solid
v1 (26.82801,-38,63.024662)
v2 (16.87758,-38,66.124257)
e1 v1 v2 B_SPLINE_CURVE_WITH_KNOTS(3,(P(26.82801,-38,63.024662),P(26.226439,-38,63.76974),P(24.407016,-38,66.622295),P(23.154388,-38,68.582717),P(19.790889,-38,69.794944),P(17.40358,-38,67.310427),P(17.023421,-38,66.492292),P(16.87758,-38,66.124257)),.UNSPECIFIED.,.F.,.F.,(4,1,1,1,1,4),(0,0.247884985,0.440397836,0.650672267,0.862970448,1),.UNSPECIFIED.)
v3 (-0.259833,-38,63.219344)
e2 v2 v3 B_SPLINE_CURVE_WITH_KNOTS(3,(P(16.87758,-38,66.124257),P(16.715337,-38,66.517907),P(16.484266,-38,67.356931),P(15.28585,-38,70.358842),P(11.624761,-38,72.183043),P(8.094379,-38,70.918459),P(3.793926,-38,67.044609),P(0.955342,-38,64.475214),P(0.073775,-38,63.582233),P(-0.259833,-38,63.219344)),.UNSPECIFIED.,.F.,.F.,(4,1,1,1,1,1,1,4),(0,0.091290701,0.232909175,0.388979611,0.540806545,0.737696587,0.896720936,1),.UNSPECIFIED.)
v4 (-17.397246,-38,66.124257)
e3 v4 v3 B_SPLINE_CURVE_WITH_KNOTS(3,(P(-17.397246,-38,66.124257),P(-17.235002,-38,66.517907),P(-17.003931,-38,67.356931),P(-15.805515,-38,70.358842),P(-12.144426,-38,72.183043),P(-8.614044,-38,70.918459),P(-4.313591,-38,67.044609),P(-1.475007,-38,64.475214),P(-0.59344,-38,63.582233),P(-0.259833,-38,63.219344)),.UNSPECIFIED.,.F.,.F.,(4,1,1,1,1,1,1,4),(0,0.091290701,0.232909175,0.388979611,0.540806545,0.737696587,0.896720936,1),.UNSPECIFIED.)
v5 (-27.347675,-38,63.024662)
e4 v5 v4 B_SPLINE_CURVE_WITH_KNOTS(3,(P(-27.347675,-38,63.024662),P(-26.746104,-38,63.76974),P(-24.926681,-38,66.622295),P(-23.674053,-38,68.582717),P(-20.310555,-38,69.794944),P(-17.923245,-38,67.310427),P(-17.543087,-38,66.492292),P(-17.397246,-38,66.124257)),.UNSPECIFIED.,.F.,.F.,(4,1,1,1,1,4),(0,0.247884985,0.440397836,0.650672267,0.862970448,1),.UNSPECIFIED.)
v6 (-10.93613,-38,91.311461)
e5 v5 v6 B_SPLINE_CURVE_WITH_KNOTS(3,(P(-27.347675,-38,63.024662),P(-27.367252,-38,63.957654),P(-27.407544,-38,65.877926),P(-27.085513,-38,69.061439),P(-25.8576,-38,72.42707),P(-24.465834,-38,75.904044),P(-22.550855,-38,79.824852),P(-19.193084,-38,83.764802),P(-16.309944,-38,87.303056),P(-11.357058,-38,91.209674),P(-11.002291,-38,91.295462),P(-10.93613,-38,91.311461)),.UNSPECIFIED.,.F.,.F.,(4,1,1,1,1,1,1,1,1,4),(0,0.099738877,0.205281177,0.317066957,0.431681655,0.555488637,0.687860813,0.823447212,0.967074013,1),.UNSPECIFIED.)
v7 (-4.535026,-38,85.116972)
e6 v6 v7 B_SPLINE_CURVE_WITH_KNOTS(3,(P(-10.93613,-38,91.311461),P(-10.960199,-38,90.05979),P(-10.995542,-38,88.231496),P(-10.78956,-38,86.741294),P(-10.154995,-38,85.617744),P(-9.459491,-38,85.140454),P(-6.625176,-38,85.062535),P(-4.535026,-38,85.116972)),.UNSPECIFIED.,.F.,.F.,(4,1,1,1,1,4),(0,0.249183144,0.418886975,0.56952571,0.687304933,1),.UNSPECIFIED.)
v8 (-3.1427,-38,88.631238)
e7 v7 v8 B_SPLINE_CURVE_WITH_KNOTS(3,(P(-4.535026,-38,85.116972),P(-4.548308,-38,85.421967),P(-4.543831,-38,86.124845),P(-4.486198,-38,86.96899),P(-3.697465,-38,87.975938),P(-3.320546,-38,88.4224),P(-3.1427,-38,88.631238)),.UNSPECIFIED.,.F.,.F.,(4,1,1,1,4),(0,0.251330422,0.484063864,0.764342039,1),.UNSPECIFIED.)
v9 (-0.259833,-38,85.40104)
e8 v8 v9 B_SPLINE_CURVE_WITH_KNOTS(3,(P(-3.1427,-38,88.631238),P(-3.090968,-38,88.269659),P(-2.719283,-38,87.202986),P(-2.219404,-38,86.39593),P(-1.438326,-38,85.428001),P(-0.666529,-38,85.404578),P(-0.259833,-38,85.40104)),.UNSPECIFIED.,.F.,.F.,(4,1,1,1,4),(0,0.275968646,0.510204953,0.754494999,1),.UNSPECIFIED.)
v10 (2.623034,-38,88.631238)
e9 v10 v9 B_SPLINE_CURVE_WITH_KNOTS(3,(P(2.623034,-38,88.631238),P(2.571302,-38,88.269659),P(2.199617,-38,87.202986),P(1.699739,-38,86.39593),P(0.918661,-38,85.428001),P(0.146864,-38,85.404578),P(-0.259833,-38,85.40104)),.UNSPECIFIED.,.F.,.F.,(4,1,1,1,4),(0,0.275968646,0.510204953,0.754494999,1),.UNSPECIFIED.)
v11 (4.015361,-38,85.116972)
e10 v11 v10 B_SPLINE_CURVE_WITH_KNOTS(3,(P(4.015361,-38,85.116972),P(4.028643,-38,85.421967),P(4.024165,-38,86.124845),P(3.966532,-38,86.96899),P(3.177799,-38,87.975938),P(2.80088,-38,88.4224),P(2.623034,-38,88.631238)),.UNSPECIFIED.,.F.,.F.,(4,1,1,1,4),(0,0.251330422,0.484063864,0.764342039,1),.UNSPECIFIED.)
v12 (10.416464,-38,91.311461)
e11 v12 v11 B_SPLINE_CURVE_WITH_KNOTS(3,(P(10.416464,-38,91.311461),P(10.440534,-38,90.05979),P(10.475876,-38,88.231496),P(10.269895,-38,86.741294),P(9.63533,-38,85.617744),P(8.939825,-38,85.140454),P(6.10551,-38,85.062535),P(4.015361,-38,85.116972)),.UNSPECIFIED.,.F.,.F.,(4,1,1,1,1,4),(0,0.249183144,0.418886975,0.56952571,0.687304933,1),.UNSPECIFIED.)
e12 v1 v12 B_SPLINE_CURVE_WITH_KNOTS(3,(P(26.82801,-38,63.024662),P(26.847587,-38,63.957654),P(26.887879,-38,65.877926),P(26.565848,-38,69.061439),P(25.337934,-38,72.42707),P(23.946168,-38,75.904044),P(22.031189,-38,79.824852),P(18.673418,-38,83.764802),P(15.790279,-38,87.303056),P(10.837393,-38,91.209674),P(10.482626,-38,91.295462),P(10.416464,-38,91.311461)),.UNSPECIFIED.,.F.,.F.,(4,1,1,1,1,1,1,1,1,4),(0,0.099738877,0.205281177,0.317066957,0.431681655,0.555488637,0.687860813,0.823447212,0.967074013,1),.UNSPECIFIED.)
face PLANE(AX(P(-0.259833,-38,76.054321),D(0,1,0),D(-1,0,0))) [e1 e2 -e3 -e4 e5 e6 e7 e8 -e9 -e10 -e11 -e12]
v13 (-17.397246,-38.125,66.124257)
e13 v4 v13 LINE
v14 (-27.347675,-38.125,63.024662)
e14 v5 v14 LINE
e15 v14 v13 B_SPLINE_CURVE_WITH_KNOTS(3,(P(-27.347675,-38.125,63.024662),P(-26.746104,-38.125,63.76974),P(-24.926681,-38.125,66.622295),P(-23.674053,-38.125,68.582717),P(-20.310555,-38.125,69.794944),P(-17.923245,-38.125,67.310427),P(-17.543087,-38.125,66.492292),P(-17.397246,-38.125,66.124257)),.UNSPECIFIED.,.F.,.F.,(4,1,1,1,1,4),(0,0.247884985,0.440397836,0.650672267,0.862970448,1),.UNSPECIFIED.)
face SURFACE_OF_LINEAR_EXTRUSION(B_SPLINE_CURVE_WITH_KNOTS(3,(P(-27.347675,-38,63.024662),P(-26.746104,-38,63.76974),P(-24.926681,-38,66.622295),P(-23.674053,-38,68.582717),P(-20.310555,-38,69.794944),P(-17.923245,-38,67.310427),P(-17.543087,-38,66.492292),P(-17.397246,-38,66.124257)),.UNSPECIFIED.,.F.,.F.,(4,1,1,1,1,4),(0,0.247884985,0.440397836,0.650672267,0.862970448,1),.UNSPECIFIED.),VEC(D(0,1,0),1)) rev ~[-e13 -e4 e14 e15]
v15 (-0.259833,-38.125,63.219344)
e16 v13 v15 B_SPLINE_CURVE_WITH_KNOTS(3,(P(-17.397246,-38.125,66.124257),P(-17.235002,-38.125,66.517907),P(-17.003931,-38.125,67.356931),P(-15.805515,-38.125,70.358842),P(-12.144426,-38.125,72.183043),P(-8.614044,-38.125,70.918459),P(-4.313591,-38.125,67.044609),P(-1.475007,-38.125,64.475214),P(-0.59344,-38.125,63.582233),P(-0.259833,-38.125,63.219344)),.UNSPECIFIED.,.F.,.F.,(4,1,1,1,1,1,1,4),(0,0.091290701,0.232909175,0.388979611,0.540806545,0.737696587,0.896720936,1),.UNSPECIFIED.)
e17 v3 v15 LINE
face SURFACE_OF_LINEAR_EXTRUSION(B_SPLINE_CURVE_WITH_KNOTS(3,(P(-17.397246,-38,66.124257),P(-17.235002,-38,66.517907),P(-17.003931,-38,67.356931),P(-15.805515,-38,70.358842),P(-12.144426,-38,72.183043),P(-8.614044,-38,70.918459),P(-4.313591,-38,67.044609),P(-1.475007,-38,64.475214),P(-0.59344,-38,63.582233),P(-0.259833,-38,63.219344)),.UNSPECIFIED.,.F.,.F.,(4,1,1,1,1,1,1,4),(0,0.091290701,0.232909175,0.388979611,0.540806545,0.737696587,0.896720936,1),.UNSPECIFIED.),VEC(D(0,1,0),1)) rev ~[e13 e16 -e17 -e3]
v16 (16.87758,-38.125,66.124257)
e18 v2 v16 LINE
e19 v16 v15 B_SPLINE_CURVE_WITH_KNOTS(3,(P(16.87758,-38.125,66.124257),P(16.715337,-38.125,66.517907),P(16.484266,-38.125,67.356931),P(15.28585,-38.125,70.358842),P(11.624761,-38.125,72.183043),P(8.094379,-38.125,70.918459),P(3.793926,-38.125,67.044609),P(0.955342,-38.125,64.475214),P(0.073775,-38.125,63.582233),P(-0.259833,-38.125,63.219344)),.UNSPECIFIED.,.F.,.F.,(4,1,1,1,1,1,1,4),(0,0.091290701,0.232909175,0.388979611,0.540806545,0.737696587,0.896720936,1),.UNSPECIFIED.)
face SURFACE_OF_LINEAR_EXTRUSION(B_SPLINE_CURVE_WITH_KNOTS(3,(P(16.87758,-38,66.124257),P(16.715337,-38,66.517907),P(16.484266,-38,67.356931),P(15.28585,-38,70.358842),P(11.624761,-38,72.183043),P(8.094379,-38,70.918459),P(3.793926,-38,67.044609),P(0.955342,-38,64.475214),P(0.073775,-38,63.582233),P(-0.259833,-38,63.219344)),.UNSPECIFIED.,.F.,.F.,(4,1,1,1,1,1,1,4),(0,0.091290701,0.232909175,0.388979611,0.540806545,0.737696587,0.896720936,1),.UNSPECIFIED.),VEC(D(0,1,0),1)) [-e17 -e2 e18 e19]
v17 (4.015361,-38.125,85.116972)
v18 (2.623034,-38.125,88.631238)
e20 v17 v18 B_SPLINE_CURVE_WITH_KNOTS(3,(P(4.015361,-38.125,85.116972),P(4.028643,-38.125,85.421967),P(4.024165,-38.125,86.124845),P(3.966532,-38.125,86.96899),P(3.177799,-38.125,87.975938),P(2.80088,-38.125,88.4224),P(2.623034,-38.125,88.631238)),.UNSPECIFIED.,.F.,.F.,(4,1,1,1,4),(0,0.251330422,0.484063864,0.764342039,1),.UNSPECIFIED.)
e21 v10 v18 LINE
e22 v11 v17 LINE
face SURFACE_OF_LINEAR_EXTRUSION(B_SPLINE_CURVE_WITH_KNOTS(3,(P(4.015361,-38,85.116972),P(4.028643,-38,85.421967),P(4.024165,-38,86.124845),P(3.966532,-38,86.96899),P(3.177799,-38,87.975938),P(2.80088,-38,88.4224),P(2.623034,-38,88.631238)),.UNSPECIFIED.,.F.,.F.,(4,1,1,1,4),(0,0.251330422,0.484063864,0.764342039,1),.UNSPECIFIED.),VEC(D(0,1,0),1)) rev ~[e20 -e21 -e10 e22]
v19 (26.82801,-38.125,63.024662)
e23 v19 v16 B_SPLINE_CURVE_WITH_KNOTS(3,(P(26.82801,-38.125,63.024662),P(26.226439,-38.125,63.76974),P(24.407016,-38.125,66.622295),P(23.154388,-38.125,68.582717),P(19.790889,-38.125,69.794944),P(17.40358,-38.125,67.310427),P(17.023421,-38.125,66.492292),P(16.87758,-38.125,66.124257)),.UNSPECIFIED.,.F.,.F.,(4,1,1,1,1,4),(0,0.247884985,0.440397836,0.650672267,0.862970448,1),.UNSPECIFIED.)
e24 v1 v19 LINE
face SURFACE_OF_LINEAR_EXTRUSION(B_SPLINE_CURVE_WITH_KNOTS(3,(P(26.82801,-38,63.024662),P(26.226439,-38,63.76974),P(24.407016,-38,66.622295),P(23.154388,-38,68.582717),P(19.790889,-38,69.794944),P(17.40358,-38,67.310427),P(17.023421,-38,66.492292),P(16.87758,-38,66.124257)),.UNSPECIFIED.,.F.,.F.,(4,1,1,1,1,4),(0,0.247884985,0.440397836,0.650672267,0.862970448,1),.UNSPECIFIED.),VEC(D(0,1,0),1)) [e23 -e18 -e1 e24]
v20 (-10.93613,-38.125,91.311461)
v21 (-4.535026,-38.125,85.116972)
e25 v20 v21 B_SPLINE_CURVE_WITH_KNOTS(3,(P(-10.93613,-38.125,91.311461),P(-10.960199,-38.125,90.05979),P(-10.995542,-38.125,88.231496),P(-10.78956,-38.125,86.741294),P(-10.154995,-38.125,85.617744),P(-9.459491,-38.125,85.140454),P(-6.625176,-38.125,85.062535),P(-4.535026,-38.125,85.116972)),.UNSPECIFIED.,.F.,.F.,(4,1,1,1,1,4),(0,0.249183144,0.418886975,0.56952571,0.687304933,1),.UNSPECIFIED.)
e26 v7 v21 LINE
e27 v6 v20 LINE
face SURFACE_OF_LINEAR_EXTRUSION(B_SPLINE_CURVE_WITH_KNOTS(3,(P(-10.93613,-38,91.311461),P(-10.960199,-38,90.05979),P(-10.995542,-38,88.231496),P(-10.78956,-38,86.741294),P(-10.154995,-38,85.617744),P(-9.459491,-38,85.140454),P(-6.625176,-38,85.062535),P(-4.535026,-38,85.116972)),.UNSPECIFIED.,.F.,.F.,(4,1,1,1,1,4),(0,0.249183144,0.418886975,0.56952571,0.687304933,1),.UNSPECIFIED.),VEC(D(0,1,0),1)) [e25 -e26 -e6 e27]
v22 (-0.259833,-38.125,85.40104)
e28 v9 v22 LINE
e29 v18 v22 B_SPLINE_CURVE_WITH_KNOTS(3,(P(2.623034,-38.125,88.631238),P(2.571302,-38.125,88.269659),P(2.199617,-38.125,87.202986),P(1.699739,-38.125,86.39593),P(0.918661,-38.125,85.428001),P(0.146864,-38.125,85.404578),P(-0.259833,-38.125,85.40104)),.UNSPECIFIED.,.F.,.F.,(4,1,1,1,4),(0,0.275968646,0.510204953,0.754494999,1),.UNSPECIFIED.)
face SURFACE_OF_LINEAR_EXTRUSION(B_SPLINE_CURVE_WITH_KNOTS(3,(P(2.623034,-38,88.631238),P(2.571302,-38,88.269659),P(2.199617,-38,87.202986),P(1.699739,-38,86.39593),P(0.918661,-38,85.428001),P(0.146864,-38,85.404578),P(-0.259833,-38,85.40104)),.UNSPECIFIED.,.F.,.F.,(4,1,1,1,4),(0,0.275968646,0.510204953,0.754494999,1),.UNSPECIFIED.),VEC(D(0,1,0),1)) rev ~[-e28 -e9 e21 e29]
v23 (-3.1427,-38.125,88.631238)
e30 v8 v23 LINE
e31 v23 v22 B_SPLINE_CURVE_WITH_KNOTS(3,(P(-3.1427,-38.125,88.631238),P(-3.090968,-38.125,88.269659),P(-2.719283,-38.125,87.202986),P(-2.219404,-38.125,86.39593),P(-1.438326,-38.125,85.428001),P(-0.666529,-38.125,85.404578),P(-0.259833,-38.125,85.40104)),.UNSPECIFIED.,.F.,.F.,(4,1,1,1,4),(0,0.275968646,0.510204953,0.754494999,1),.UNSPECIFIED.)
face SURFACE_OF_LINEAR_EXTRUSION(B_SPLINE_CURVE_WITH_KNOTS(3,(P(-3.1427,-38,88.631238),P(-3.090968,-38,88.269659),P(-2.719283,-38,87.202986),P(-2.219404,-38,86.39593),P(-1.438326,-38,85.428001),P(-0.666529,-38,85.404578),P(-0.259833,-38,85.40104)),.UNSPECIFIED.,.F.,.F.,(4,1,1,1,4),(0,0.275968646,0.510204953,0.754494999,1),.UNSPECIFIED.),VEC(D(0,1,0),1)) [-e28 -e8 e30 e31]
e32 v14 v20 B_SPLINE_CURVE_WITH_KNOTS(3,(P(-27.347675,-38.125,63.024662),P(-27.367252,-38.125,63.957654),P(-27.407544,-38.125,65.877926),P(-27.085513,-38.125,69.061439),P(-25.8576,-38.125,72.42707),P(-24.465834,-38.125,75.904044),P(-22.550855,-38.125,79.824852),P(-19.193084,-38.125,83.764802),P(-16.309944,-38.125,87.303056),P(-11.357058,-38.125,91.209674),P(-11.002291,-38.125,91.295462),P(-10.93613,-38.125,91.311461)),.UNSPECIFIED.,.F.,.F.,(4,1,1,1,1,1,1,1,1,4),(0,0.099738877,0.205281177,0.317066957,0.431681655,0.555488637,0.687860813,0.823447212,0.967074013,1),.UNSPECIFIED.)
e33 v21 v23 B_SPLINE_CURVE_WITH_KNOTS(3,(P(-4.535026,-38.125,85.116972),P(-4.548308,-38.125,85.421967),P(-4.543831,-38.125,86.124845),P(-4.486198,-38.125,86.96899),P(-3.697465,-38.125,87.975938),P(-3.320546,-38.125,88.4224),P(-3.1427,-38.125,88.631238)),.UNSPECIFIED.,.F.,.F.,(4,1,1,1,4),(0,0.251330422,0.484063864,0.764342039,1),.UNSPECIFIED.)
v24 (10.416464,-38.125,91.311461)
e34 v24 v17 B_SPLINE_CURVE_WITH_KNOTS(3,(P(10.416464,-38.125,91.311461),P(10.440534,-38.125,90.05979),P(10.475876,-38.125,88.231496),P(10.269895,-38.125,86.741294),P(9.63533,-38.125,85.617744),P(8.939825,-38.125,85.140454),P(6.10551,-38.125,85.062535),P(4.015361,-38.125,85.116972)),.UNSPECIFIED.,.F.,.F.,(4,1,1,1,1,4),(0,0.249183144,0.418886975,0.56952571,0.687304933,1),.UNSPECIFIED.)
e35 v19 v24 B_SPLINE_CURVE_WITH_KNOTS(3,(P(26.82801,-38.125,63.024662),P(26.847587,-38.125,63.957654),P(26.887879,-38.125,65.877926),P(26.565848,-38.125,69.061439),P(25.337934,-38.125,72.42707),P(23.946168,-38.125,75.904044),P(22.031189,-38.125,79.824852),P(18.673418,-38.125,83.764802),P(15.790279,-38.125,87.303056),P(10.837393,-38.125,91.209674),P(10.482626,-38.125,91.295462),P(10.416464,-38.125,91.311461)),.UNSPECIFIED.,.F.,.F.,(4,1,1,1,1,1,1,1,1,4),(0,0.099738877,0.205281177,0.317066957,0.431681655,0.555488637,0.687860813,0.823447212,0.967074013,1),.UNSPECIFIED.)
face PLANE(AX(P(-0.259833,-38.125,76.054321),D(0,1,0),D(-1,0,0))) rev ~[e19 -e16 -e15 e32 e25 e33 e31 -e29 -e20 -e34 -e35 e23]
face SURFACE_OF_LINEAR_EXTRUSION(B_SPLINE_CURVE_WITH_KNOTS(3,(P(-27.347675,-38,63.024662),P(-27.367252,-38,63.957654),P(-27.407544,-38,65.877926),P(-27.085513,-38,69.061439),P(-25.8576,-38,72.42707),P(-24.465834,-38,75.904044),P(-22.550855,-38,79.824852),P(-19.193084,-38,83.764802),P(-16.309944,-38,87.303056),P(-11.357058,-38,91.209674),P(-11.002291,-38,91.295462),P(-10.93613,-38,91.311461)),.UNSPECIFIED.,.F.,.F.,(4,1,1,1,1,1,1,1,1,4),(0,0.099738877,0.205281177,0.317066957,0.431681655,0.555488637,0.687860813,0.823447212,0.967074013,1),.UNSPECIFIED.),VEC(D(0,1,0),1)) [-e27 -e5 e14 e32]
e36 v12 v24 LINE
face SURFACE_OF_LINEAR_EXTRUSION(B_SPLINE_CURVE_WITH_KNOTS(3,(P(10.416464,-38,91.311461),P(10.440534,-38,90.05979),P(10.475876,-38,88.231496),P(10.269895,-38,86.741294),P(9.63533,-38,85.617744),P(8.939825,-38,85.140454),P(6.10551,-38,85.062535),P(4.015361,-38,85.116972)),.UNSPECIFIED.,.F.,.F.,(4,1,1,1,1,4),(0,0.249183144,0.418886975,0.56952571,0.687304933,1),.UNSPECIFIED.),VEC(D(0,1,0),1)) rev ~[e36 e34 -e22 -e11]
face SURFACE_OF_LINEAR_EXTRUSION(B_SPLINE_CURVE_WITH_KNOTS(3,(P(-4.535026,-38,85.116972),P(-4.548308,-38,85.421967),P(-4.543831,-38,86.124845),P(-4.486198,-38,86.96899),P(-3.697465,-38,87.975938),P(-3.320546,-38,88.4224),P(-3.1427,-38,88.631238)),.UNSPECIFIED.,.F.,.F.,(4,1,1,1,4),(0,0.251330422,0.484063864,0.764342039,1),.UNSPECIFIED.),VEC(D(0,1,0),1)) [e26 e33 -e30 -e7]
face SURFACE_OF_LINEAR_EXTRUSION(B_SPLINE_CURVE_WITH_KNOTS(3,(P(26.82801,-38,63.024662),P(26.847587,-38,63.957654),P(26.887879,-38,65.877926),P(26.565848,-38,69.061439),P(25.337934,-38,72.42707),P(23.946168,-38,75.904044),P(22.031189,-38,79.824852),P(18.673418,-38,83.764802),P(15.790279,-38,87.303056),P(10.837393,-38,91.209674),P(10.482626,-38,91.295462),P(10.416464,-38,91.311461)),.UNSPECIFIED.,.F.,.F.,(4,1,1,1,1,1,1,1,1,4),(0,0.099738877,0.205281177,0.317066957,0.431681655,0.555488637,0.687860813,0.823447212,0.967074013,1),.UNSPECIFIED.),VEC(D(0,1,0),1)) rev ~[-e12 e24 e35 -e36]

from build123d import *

# Parameters (mm, degrees)
F2_DEPTH = 0.125


with BuildPart() as f2:
    # F1 (on offset) → F2 (new body)
    with BuildSketch(Plane.XZ.offset(38)):
        with BuildLine():
            add(Edge.make_bspline(
                [(-27.3476754247, 63.0246619321), (-27.3672520646, 63.9576542445), (-27.4075444341, 65.8779261226), (-27.0855132224, 69.0614393357), (-25.8575998649, 72.4270701251), (-24.4658338877, 75.9040444219), (-22.5508546968, 79.8248515279), (-19.193083781, 83.7648022123), (-16.3099442066, 87.3030562237), (-11.357058226, 91.209673657), (-11.0022914003, 91.2954621915), (-10.936129613, 91.311461215)],
                knots=[0, 0, 0, 0, 0.0997388767, 0.205281177, 0.3170669566, 0.4316816553, 0.5554886366, 0.687860813, 0.8234472119, 0.9670740126, 1, 1, 1, 1], degree=3))
            add(Edge.make_bspline(
                [(-27.3476754247, 63.0246619321), (-26.7461043356, 63.7697398475), (-24.9266814731, 66.6222945265), (-23.6740531483, 68.5827168609), (-20.3105548759, 69.7949443253), (-17.9232449602, 67.3104272411), (-17.5430867337, 66.4922923237), (-17.3972456203, 66.1242574452)],
                knots=[0, 0, 0, 0, 0.2478849849, 0.4403978356, 0.6506722668, 0.8629704481, 1, 1, 1, 1], degree=3))
            add(Edge.make_bspline(
                [(-17.3972456203, 66.1242574452), (-17.2350024136, 66.517906582), (-17.0039310916, 67.3569306359), (-15.8055151021, 70.3588419242), (-12.1444260413, 72.1830428426), (-8.6140442847, 70.9184594895), (-4.3135911477, 67.0446091747), (-1.4750071147, 64.475214366), (-0.5934401025, 63.5822325645), (-0.2598327037, 63.2193444188)],
                knots=[0, 0, 0, 0, 0.0912907011, 0.232909175, 0.3889796109, 0.5408065453, 0.7376965869, 0.8967209358, 1, 1, 1, 1], degree=3))
            add(Edge.make_bspline(
                [(16.8775802128, 66.1242574452), (16.7153370061, 66.517906582), (16.4842656842, 67.3569306359), (15.2858496947, 70.3588419242), (11.6247606339, 72.1830428426), (8.0943788773, 70.9184594895), (3.7939257402, 67.0446091747), (0.9553417072, 64.475214366), (0.073774695, 63.5822325645), (-0.2598327037, 63.2193444188)],
                knots=[0, 0, 0, 0, 0.0912907011, 0.232909175, 0.3889796109, 0.5408065453, 0.7376965869, 0.8967209358, 1, 1, 1, 1], degree=3))
            add(Edge.make_bspline(
                [(26.8280100172, 63.0246619321), (26.2264389281, 63.7697398475), (24.4070160656, 66.6222945265), (23.1543877408, 68.5827168609), (19.7908894684, 69.7949443253), (17.4035795527, 67.3104272411), (17.0234213262, 66.4922923237), (16.8775802128, 66.1242574452)],
                knots=[0, 0, 0, 0, 0.2478849849, 0.4403978356, 0.6506722668, 0.8629704481, 1, 1, 1, 1], degree=3))
            add(Edge.make_bspline(
                [(26.8280100172, 63.0246619321), (26.8475866571, 63.9576542445), (26.8878790266, 65.8779261226), (26.565847815, 69.0614393357), (25.3379344574, 72.4270701251), (23.9461684802, 75.9040444219), (22.0311892893, 79.8248515279), (18.6734183735, 83.7648022123), (15.7902787991, 87.3030562237), (10.8373928186, 91.209673657), (10.4826259929, 91.2954621915), (10.4164642055, 91.311461215)],
                knots=[0, 0, 0, 0, 0.0997388767, 0.205281177, 0.3170669566, 0.4316816553, 0.5554886366, 0.687860813, 0.8234472119, 0.9670740126, 1, 1, 1, 1], degree=3))
            add(Edge.make_bspline(
                [(10.4164642055, 91.311461215), (10.4405336164, 90.0597899527), (10.4758761161, 88.2314956633), (10.2698948197, 86.7412943545), (9.6353295808, 85.6177442654), (8.9398253308, 85.1404535683), (6.1055103752, 85.0625351899), (4.0153607385, 85.1169720806)],
                knots=[0, 0, 0, 0, 0.2491831435, 0.4188869753, 0.5695257095, 0.6873049334, 1, 1, 1, 1], degree=3))
            add(Edge.make_bspline(
                [(4.0153607385, 85.1169720806), (4.0286427583, 85.4219670124), (4.0241651373, 86.1248452433), (3.9665321835, 86.9689898545), (3.1777994484, 87.9759379856), (2.8008802274, 88.4223995815), (2.6230341514, 88.6312380985)],
                knots=[0, 0, 0, 0, 0.2513304217, 0.4840638645, 0.7643420388, 1, 1, 1, 1], degree=3))
            add(Edge.make_bspline(
                [(2.6230341514, 88.6312380985), (2.5713023701, 88.2696587841), (2.1996171152, 87.2029859558), (1.6997387803, 86.3959295677), (0.9186607969, 85.4280012054), (0.1468636395, 85.4045778904), (-0.2598327037, 85.4010403242)],
                knots=[0, 0, 0, 0, 0.2759686461, 0.5102049533, 0.7544949989, 1, 1, 1, 1], degree=3))
            add(Edge.make_bspline(
                [(-3.1426995588, 88.6312380985), (-3.0909677775, 88.2696587841), (-2.7192825227, 87.2029859558), (-2.2194041877, 86.3959295677), (-1.4383262044, 85.4280012054), (-0.666529047, 85.4045778904), (-0.2598327037, 85.4010403242)],
                knots=[0, 0, 0, 0, 0.2759686461, 0.5102049533, 0.7544949989, 1, 1, 1, 1], degree=3))
            add(Edge.make_bspline(
                [(-4.5350261459, 85.1169720806), (-4.5483081658, 85.4219670124), (-4.5438305447, 86.1248452433), (-4.486197591, 86.9689898545), (-3.6974648558, 87.9759379856), (-3.3205456349, 88.4223995815), (-3.1426995588, 88.6312380985)],
                knots=[0, 0, 0, 0, 0.2513304217, 0.4840638645, 0.7643420388, 1, 1, 1, 1], degree=3))
            add(Edge.make_bspline(
                [(-10.936129613, 91.311461215), (-10.9601990239, 90.0597899527), (-10.9955415236, 88.2314956633), (-10.7895602271, 86.7412943545), (-10.1549949882, 85.6177442654), (-9.4594907383, 85.1404535683), (-6.6251757827, 85.0625351899), (-4.5350261459, 85.1169720806)],
                knots=[0, 0, 0, 0, 0.2491831435, 0.4188869753, 0.5695257095, 0.6873049334, 1, 1, 1, 1], degree=3))
        make_face()
    extrude(amount=F2_DEPTH)


solid = f2.part
